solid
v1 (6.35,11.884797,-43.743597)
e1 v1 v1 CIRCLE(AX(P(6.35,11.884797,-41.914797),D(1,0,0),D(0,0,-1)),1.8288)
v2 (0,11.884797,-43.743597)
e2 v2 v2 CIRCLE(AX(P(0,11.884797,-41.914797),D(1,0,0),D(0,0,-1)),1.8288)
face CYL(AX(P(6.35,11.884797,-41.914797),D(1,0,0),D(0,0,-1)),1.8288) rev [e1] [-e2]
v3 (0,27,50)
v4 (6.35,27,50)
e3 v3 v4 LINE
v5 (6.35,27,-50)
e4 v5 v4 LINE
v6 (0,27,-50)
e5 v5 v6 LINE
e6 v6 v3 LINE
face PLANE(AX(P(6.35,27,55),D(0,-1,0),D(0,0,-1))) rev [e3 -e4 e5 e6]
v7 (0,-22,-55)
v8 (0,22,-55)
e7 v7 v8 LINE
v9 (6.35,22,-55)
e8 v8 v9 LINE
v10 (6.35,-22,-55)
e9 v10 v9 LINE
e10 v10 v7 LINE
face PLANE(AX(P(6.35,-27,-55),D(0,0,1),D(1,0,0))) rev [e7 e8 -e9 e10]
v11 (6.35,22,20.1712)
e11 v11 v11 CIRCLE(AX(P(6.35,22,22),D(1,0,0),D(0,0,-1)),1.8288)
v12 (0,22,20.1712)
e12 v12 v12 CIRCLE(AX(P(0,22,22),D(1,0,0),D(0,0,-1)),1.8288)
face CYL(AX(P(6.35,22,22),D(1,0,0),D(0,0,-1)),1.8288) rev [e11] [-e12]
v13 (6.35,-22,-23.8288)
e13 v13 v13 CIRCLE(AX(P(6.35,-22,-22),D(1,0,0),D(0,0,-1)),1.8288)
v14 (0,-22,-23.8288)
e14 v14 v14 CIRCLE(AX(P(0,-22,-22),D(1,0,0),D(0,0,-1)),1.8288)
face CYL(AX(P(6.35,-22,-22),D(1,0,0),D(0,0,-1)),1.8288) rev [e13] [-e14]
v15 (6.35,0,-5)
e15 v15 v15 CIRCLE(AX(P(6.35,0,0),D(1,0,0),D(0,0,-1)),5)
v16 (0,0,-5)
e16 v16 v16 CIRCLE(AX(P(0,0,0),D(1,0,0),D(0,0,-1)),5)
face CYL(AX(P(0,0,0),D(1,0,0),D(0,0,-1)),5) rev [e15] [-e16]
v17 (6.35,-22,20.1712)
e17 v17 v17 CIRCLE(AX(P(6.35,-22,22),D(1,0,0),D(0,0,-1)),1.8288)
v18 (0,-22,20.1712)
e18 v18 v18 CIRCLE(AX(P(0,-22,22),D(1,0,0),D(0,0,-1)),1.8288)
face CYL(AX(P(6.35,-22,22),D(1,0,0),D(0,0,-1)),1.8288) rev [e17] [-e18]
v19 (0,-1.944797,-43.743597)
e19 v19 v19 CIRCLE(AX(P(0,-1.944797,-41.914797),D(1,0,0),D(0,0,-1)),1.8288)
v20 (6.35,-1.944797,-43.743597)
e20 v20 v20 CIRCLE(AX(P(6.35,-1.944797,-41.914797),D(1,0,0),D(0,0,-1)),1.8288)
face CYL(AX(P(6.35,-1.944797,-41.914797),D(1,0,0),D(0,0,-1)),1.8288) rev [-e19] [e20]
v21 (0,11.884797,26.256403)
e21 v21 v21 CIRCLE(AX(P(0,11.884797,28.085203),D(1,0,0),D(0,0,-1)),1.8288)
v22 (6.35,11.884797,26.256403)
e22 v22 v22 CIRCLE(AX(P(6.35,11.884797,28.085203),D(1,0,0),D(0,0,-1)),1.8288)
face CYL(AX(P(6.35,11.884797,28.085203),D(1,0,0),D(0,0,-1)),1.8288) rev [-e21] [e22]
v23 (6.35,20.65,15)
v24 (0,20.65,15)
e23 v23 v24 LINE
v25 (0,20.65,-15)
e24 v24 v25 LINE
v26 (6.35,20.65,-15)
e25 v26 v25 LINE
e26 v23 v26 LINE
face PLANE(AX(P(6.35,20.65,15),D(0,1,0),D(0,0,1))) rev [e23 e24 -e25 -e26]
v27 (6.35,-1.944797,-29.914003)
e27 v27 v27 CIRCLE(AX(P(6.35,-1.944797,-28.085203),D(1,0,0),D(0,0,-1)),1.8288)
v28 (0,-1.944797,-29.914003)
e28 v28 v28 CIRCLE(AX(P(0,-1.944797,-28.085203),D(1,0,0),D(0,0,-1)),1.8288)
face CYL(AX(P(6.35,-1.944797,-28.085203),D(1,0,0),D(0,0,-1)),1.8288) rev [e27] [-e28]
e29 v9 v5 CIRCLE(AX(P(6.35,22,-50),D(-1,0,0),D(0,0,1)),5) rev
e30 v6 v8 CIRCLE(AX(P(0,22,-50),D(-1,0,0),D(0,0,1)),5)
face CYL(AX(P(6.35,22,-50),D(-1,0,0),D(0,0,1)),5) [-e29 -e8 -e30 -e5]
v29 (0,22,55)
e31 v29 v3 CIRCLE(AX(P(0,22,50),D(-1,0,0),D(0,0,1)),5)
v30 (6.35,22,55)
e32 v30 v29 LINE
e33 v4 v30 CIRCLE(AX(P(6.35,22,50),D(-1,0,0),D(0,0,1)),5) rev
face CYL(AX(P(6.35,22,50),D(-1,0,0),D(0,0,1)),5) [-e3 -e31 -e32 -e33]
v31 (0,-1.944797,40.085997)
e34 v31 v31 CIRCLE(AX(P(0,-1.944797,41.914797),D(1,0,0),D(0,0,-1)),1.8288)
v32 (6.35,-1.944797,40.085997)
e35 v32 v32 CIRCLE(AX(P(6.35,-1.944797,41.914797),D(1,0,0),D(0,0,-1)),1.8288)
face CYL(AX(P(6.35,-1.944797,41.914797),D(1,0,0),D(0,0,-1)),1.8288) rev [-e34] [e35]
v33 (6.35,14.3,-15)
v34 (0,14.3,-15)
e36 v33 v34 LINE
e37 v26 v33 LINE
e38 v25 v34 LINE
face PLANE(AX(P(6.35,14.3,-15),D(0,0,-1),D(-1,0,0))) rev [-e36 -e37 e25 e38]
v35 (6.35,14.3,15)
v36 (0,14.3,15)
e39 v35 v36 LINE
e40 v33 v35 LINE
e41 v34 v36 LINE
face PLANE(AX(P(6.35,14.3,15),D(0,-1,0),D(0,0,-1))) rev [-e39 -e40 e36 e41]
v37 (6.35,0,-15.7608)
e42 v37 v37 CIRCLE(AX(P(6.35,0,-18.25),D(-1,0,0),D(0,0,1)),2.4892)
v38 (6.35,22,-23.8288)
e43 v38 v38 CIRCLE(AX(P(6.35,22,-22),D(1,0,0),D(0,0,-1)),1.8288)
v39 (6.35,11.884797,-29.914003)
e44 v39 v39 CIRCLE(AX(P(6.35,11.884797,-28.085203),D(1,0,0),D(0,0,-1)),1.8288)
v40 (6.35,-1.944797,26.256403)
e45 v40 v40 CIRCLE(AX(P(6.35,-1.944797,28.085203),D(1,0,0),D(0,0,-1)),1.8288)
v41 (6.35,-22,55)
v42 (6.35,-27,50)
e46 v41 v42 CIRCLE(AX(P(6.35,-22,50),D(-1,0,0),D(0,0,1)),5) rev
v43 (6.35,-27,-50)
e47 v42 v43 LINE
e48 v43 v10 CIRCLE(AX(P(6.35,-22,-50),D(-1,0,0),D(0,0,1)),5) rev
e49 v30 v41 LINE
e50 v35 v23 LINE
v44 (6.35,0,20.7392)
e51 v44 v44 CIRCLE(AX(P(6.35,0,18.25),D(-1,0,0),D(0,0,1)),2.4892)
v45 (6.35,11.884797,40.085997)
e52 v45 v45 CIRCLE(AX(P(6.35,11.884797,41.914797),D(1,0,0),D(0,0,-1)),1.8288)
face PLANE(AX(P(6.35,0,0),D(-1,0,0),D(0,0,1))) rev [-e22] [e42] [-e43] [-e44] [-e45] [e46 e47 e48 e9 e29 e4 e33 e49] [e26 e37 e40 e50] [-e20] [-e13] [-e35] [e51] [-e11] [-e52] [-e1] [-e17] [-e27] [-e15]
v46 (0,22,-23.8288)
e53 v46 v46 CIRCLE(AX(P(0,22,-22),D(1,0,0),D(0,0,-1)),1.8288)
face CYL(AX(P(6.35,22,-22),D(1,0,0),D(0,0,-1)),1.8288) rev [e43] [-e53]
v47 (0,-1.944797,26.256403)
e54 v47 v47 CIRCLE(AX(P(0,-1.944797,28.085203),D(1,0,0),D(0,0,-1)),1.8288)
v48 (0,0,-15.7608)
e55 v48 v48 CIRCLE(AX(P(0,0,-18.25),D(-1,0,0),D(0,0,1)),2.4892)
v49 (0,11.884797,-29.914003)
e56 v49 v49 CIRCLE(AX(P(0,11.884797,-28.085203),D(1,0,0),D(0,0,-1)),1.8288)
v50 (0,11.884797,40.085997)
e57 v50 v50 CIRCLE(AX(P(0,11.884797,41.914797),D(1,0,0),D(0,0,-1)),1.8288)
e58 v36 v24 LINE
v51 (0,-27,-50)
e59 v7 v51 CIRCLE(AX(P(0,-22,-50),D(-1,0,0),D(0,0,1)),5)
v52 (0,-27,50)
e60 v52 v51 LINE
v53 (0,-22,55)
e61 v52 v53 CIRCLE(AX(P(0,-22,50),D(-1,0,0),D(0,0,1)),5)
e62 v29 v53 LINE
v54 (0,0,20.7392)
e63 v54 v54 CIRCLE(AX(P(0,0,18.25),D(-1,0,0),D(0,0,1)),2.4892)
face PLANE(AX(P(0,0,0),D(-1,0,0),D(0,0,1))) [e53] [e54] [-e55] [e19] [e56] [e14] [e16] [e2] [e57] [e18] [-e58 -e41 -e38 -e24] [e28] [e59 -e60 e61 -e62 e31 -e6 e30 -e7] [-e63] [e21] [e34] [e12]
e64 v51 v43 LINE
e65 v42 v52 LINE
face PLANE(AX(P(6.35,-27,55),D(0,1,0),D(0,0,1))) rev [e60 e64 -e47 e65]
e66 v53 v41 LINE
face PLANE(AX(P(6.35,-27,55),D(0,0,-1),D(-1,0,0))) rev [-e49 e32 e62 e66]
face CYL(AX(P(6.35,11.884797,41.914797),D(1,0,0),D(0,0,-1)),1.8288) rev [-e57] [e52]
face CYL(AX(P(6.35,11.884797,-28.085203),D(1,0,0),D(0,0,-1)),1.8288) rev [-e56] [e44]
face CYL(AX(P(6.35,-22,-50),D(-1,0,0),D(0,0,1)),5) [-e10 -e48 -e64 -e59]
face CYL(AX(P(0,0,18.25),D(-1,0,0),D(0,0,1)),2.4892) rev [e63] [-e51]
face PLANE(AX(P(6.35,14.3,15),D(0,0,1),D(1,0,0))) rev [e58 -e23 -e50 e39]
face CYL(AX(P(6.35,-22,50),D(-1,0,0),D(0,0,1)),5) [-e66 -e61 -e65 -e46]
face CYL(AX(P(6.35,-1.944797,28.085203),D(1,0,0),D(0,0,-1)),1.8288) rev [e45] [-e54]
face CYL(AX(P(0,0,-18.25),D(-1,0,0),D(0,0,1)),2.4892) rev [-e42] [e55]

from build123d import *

# Parameters (mm, degrees)
SKETCH1_W              = 110
SKETCH1_H              = 54
BOSS_EXTRUDE1_DEPTH    = 6.35
FILLET1_R              = 5
F_6_CLEARANCE_HOLE1_D  = 3.6576
SKETCH5_R              = 5
CUT_EXTRUDE1_DEPTH     = 7.35
F_6_CLEARANCE_HOLE2_D  = 3.6576
SKETCH10_W             = 30
SKETCH10_H             = 6.35
CUT_EXTRUDE2_DEPTH     = 7.35
F_10_CLEARANCE_HOLE1_D = 4.9784


with BuildPart() as part:
    # Sketch1 → Boss-Extrude1 (new body)
    with BuildSketch(Plane(origin=(0, 0, 0), x_dir=(0, 0, -1), z_dir=(1, 0, 0))):
        Rectangle(SKETCH1_W, SKETCH1_H)
    extrude(amount=BOSS_EXTRUDE1_DEPTH)

    # Fillet1
    fillet1_edges = [part.edges().sort_by_distance(p)[0] for p in [
        (3.175, -27, -55),
        (3.175, -27, 55),
        (3.175, 27, 55),
        (3.175, 27, -55),
    ]]
    fillet(fillet1_edges, radius=FILLET1_R)

    # #6 Clearance Hole1 (through all)
    with Locations(Plane(origin=(6.35, 0, 0), x_dir=(0, 0, -1), z_dir=(1, 0, 0))):
        with Locations((-22, 22), (22, 22), (22, -22), (-22, -22)):
            Hole(F_6_CLEARANCE_HOLE1_D / 2)

    # Sketch5 → Cut-Extrude1 (cut, through all)
    with BuildSketch(Plane(origin=(6.35, 0, 0), x_dir=(0, 0, -1), z_dir=(1, 0, 0))):
        Circle(SKETCH5_R)
    extrude(amount=-CUT_EXTRUDE1_DEPTH, mode=Mode.SUBTRACT)

    # #6 Clearance Hole2 (through all)
    with Locations(Plane(origin=(6.35, 0, 0), x_dir=(0, 0, -1), z_dir=(1, 0, 0))):
        with Locations((-41.914797213, 11.884797213), (-28.085202787, 11.884797213), (-28.085202787, -1.944797213), (-41.914797213, -1.944797213), (28.085202787, 11.884797213), (28.085202787, -1.944797213), (41.914797213, -1.944797213), (41.914797213, 11.884797213)):
            Hole(F_6_CLEARANCE_HOLE2_D / 2)

    # Sketch10 → Cut-Extrude2 (cut, through all)
    with BuildSketch(Plane.ZY):
        with Locations((0, 17.475)):
            Rectangle(SKETCH10_W, SKETCH10_H)
    extrude(amount=-CUT_EXTRUDE2_DEPTH, mode=Mode.SUBTRACT)

    # #10 Clearance Hole1 (through all)
    with Locations(Plane.ZY):
        with Locations((18.25, 0), (-18.25, 0)):
            Hole(F_10_CLEARANCE_HOLE1_D / 2)


solid = part.part
